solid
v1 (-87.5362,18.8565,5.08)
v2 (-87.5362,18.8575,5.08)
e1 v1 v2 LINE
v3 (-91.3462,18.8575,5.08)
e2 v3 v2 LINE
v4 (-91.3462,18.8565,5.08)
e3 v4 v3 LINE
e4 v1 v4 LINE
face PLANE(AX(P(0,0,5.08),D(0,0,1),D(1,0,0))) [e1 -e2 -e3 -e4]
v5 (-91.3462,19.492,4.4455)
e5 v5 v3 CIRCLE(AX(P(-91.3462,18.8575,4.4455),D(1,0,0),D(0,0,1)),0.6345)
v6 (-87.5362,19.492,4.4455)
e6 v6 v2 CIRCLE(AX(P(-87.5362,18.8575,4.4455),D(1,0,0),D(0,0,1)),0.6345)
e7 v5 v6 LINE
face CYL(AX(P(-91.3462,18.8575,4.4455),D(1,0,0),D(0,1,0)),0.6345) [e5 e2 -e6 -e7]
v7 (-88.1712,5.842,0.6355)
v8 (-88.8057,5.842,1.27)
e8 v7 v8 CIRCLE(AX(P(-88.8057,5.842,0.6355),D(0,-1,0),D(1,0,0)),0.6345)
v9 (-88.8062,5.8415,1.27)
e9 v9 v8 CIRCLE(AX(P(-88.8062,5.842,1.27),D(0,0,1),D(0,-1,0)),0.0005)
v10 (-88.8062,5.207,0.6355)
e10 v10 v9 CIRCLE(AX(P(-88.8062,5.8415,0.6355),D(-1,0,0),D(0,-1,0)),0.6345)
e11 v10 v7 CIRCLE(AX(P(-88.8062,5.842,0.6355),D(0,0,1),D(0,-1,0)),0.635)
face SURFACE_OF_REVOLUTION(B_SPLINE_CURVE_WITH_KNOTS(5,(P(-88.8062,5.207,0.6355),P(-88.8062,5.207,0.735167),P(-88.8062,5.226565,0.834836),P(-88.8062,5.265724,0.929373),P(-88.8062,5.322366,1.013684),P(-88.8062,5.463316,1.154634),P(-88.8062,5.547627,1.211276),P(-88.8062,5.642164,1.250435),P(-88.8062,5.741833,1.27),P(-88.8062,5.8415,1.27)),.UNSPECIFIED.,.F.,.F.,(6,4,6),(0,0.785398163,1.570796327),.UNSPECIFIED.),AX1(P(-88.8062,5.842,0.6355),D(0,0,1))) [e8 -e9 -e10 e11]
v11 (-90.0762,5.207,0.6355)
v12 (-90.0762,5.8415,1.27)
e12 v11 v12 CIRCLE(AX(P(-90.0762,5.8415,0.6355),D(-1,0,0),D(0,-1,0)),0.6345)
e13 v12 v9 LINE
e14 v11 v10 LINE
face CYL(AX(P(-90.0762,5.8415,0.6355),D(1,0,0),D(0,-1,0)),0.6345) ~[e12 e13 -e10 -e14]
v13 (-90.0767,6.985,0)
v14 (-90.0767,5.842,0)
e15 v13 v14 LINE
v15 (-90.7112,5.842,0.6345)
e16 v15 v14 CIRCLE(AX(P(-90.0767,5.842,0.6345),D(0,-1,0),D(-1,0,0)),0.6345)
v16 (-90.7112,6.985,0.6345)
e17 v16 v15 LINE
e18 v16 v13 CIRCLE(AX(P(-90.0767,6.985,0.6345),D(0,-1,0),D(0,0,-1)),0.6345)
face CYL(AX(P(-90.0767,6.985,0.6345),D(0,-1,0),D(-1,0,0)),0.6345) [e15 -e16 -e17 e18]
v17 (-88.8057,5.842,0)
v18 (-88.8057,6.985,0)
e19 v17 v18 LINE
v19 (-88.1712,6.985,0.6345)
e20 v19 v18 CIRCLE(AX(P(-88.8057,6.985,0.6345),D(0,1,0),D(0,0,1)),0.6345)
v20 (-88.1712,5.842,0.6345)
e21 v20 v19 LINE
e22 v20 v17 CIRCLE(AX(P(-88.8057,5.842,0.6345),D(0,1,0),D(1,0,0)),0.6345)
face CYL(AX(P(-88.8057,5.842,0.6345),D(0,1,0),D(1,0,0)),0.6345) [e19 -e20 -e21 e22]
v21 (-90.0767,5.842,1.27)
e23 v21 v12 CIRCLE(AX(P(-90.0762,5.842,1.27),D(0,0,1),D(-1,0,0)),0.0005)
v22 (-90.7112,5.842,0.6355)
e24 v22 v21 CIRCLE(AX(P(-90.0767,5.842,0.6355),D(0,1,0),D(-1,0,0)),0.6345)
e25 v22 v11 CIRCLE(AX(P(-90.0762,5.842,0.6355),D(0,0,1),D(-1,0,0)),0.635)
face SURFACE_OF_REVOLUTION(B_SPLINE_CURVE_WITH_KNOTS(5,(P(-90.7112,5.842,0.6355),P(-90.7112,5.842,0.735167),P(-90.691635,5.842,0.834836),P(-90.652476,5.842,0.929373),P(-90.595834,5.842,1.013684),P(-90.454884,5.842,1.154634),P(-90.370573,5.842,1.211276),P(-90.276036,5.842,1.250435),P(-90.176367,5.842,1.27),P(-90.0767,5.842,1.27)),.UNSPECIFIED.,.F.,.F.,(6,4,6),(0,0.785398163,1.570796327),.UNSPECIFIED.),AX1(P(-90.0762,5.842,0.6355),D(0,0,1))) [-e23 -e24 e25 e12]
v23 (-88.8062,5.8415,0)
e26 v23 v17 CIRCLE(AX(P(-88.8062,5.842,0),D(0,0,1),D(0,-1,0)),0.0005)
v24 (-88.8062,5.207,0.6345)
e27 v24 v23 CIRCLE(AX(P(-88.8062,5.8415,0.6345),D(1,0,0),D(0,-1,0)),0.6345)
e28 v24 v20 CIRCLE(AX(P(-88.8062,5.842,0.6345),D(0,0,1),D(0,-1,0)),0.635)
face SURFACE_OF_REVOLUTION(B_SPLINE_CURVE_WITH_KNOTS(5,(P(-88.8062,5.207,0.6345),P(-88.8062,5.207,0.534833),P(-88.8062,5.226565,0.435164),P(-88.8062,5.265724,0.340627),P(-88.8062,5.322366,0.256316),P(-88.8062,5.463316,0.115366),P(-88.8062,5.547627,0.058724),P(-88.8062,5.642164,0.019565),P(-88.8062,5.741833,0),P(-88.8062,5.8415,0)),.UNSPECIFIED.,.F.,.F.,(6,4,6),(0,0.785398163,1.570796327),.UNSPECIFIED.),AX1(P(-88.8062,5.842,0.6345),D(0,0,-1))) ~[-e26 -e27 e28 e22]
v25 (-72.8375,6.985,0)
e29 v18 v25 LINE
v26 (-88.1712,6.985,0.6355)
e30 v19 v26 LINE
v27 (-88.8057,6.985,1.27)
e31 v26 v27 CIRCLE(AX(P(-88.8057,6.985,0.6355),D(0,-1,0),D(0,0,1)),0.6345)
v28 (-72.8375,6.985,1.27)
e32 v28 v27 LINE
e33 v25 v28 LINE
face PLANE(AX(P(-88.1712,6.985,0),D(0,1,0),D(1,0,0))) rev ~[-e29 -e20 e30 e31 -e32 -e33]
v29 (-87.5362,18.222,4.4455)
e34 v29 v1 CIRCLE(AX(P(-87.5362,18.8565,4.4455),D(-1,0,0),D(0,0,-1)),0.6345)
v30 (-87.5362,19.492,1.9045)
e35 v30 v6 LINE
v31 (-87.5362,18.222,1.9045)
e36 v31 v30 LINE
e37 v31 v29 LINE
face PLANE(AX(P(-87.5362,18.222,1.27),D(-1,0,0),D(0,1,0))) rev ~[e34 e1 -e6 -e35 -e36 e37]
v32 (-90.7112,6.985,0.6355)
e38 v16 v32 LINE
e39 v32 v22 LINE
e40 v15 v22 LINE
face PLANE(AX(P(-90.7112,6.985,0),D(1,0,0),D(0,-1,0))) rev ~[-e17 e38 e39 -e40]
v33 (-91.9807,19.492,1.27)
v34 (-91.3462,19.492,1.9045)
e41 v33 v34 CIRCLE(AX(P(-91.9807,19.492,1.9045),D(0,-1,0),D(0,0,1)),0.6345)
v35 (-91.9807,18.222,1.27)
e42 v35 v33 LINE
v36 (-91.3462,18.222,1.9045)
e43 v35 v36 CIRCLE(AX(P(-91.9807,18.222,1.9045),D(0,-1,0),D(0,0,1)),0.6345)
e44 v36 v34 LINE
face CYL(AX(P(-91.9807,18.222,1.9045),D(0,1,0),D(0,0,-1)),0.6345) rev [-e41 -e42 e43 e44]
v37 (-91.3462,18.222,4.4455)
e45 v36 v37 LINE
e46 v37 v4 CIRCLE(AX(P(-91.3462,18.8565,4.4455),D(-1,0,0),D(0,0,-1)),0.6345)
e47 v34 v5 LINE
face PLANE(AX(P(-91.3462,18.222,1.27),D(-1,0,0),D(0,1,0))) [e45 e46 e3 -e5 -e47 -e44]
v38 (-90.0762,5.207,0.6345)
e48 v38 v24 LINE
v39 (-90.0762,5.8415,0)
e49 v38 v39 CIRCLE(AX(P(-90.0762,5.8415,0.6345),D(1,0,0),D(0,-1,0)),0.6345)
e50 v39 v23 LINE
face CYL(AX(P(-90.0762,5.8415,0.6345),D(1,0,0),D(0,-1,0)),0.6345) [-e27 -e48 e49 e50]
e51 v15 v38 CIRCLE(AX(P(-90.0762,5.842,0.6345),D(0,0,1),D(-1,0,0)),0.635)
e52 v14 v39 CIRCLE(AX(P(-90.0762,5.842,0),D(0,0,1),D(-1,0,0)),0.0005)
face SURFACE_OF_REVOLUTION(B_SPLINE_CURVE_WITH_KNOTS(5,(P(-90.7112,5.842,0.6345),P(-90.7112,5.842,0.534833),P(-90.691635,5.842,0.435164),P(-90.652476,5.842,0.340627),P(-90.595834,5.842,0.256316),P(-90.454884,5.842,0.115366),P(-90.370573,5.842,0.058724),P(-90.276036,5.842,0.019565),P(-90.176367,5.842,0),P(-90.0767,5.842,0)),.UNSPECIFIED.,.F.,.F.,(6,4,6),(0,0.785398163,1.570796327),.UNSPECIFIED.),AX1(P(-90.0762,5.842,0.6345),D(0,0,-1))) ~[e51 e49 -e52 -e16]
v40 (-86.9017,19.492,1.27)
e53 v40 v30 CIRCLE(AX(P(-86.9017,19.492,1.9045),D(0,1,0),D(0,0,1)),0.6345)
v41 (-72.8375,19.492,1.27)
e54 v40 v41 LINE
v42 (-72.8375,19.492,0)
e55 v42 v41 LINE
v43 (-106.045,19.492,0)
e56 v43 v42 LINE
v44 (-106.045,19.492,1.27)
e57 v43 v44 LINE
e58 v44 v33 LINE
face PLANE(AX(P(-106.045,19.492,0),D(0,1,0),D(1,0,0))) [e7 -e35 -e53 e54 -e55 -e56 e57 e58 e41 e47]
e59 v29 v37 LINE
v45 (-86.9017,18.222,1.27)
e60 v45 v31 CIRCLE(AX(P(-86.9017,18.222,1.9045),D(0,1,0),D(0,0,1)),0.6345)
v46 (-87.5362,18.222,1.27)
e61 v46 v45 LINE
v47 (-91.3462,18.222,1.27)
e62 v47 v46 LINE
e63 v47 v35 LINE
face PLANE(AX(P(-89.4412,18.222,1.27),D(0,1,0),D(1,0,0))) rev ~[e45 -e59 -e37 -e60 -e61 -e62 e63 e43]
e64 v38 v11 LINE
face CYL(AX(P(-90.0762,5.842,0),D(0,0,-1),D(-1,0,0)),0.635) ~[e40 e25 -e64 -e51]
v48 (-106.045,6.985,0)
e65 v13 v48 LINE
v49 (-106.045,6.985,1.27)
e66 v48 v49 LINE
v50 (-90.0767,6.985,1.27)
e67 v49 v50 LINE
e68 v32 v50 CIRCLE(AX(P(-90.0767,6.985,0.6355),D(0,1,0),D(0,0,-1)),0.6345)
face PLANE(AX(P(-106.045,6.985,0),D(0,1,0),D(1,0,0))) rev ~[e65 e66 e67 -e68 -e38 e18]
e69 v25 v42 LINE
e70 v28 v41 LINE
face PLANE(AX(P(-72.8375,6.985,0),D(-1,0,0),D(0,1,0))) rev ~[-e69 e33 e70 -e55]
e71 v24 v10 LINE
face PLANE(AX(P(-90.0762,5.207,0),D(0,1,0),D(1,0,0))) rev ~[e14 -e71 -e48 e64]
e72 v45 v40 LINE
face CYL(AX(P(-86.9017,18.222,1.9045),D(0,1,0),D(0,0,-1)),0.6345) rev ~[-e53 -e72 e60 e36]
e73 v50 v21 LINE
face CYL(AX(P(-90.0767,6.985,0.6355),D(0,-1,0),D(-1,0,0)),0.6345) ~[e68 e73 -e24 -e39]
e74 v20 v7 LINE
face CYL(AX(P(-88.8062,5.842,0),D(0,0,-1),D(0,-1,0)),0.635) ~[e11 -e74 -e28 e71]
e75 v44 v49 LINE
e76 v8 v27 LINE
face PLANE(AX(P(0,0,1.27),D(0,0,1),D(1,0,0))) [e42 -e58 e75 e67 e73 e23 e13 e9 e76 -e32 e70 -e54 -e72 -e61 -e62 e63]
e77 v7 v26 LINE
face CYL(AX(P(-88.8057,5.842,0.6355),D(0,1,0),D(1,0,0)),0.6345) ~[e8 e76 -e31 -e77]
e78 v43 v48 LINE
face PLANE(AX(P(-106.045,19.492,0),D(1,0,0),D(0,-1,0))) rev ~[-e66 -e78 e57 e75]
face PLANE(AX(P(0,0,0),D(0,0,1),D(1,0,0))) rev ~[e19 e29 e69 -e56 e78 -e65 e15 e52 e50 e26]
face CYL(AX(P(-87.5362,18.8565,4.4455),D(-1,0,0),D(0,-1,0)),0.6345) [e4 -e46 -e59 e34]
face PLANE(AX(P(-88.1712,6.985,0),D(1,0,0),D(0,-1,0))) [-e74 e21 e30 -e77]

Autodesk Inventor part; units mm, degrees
ref_plane "YZ Plane" through (0, 0, 0) normal (1, 0, 0) x (0, 1, 0)
ref_plane "XZ Plane" through (0, 0, 0) normal (0, 1, 0) x (-1, 0, 0)
ref_plane "XY Plane" through (0, 0, 0) normal (0, 0, 1) x (1, 0, 0)
sketch "Sketch1" plane through (0, 0, 0) normal (0, 0, 1) x (1, 0, 0)
  line L0 (-106.045, 6.985) -> (-90.7112, 6.985) projected
  line L1 (-88.1712, 6.985) -> (-72.8375, 6.985) projected
  line L2 (-72.8375, 6.985) -> (-72.8375, 19.492) projected
  line L3 (-106.045, 19.492) -> (-106.045, 6.985) projected
  line L4 (-106.045, 19.492) -> (-72.8375, 19.492)
  line L5 (-90.0762, 5.207) -> (-88.8062, 5.207)
  line L6 (-88.1712, 6.985) -> (-88.1712, 5.842)
  line L7 (-90.7112, 6.985) -> (-90.7112, 5.842)
  arc A0 (-90.7112, 5.842) -> (-90.0762, 5.207) centre (-90.0762, 5.842) ccw
  arc A1 (-88.8062, 5.207) -> (-88.1712, 5.842) centre (-88.8062, 5.842) ccw
  point P0 (0, 0)
  dimension "d0" = 0.635
extrude "Extrusion1" add sketch "Sketch1" along normal blind 1.27
fillet "Fillet1" radius 0.635 10 edges at (-88.3572, 5.393, 0) (-89.4412, 5.207, 0) (-90.5253, 5.393, 0) (-90.7112, 6.4135, 0) (-88.1712, 6.4135, 0) (-88.3572, 5.393, 1.27) (-89.4412, 5.207, 1.27) (-90.5253, 5.393, 1.27) (-90.7112, 6.4135, 1.27) (-88.1712, 6.4135, 1.27)
sketch "Sketch2" plane through (0, 0, 1.27) normal (0, 0, 1) x (1, 0, 0)
  line L0 (-72.8375, 19.492) -> (-106.045, 19.492) projected
  line L1 (-72.8375, 19.492) -> (-106.045, 19.492) projected
  line L2 (-89.4412, 19.492) -> (-89.4412, 18.222)
  line L3 (-89.4412, 18.222) -> (-91.3462, 18.222)
  line L4 (-91.3462, 18.222) -> (-91.3462, 19.492)
  line L5 (-89.4412, 18.222) -> (-87.5362, 18.222)
  line L6 (-87.5362, 18.222) -> (-87.5362, 19.492)
  line L7 (-91.3462, 19.492) -> (-87.5362, 19.492)
  point P0 (0, 0)
  dimension "d4" = 1.27
  dimension "d5" = 1.905
  dimension "d6" = 1.905
extrude "Extrusion2" add sketch "Sketch2" along normal blind 3.81
fillet "Fillet2" radius 0.635 4 edges at (-89.4412, 19.492, 5.08) (-89.4412, 18.222, 5.08) (-87.5362, 18.857, 1.27) (-91.3462, 18.857, 1.27)
properties part number "FloppyCover" material "UHMW, Black"
